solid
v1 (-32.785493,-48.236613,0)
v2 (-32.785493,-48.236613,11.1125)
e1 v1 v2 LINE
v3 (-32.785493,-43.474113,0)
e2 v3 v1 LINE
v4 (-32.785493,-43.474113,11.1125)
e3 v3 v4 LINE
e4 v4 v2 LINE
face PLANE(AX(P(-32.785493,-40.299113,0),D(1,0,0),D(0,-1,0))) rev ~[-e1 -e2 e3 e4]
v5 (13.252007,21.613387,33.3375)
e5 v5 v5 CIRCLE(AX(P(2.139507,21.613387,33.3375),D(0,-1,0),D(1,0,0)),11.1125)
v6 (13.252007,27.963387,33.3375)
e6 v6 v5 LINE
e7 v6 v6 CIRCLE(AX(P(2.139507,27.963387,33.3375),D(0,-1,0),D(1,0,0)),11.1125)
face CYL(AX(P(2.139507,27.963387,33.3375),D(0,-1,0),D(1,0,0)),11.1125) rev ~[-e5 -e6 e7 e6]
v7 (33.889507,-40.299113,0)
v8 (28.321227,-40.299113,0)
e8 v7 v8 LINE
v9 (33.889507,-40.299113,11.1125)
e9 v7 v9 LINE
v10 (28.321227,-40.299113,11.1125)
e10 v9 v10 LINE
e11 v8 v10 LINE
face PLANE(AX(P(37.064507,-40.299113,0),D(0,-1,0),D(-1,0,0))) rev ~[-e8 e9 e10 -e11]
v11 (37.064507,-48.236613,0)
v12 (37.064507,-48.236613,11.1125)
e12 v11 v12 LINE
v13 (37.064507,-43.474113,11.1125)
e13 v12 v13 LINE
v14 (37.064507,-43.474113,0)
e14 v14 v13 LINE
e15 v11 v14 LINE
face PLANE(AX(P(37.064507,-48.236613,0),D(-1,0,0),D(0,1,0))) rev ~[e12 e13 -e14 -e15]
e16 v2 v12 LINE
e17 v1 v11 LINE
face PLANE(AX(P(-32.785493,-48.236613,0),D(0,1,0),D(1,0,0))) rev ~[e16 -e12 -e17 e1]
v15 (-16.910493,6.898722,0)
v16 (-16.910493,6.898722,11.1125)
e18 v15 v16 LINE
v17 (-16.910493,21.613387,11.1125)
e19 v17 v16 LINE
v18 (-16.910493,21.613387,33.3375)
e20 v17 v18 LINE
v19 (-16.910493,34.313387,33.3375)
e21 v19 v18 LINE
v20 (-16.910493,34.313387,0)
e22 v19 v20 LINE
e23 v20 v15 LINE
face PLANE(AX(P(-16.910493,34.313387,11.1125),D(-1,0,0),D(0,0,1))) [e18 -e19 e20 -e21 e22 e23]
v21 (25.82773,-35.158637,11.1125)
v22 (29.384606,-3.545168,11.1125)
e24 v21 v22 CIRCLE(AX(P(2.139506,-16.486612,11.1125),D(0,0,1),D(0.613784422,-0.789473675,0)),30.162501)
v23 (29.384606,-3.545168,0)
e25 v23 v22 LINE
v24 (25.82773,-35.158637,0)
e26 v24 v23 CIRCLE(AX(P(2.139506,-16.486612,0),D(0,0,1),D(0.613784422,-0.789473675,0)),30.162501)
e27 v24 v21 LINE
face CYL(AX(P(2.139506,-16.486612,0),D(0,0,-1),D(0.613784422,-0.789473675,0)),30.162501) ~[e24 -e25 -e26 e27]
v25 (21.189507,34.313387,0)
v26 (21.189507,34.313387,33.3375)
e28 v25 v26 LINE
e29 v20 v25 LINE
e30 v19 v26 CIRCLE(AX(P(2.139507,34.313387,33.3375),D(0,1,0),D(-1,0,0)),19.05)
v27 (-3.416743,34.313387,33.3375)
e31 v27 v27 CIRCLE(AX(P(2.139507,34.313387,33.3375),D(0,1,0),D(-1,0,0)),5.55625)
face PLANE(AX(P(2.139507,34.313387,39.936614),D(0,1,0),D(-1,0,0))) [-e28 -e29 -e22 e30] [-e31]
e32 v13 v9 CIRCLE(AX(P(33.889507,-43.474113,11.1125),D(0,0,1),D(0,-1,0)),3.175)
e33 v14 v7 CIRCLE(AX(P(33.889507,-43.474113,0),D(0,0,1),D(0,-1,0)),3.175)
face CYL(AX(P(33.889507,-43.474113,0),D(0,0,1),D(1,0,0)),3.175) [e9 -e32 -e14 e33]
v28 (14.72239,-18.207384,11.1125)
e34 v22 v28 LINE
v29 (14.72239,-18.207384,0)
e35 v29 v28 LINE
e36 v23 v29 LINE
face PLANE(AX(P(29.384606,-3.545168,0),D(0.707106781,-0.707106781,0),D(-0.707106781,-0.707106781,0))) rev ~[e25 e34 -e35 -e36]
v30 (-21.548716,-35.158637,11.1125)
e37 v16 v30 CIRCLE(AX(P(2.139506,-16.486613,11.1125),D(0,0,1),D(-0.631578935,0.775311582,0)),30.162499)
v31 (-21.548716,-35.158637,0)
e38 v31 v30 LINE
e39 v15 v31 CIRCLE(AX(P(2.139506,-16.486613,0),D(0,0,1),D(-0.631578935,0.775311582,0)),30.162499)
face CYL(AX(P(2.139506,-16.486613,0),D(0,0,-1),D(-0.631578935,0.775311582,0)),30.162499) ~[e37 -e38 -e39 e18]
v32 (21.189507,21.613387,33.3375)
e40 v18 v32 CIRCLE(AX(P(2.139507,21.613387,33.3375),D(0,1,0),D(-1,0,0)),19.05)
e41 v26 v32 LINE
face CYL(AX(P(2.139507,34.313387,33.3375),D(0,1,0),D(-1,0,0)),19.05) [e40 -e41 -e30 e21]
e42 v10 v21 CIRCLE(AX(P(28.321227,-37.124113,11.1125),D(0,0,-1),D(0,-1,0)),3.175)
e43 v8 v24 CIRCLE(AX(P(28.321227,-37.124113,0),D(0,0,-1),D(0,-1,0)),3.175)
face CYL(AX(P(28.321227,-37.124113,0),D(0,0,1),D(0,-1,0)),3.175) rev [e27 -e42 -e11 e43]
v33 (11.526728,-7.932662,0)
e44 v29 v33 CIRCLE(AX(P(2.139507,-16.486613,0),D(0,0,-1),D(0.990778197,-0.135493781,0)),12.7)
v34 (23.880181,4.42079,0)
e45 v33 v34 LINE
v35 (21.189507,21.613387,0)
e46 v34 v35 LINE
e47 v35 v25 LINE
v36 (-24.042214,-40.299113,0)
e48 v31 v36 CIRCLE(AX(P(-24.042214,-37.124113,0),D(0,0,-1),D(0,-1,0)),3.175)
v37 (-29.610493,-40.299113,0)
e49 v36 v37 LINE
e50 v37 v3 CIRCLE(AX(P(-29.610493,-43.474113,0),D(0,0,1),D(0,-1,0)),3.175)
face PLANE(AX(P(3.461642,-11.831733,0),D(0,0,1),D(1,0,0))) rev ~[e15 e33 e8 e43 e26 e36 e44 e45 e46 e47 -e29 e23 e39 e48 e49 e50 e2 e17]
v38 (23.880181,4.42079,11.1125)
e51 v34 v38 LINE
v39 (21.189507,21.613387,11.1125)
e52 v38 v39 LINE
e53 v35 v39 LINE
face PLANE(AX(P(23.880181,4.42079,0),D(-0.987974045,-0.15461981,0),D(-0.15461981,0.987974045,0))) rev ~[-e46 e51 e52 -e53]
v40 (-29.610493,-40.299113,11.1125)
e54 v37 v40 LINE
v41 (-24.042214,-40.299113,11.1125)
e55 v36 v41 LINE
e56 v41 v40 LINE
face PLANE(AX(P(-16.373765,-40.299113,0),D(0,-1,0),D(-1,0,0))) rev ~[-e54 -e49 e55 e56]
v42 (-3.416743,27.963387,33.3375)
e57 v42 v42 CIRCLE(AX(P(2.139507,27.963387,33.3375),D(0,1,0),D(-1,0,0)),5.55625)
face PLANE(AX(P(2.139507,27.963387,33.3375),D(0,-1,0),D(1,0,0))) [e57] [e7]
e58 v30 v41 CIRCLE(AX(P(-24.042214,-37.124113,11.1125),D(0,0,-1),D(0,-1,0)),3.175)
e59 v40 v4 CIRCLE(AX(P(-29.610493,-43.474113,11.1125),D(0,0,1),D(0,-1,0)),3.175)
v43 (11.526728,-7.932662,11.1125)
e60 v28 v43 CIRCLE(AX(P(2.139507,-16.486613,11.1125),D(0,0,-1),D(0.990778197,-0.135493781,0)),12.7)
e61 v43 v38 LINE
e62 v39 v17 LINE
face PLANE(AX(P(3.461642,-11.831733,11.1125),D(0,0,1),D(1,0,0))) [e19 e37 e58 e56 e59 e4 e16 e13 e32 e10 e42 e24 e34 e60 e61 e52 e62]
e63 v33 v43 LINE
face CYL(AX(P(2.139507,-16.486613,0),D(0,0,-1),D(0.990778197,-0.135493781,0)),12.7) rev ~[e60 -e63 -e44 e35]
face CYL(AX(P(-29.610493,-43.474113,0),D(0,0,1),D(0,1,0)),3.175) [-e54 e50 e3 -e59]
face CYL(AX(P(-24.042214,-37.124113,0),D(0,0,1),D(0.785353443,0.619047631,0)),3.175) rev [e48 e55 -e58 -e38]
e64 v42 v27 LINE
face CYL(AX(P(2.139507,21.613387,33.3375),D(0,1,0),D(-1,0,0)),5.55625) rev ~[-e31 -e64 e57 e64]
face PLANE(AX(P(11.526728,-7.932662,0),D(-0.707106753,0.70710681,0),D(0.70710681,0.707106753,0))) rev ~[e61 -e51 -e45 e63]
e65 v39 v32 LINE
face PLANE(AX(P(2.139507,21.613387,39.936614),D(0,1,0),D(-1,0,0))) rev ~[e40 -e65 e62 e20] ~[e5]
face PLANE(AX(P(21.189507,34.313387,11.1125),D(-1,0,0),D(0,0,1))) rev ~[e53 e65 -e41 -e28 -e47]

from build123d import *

# Parameters (mm, degrees)
F0_W           = 38.1
F0_H           = 12.7
F1_DEPTH       = 11.1125
F2_W           = 38.1
F2_H           = 22.225
F3_DEPTH       = 12.7
F5_D           = 11.1125
F5_DEPTH       = 12.7
F5_CBORE_D     = 22.225
F5_CBORE_DEPTH = 6.35
F6_R           = 3.175


with BuildPart() as f1:
    # F0 (on Top) → F1 (new body)
    with BuildSketch(Plane.XY):
        with BuildLine():
            ThreePointArc((-16.910493, 6.898722), (-28.021043, -16.829595), (-16.373765, -40.299113))
            ThreePointArc((-16.373765, -40.299113), (2.139507, -46.649113), (20.652779, -40.299113))
            ThreePointArc((20.652779, -40.299113), (31.485209, -23.458425), (29.384606, -3.545168))
            Line((29.384606, -3.545168), (14.72239, -18.207384))
            ThreePointArc((14.72239, -18.207384), (-9.987481, -20.25837), (11.526728, -7.932662))
            Line((11.526728, -7.932662), (23.880181, 4.42079))
            Line((23.880181, 4.42079), (21.189507, 21.613387))
            Line((21.189507, 21.613387), (-16.910493, 21.613387))
            Line((-16.910493, 21.613387), (-16.910493, 6.898722))
        make_face()
        with Locations((2.139507, 27.963387)):
            Rectangle(F0_W, F0_H)
        with BuildLine():
            Line((-16.373765, -40.299113), (-32.785493, -40.299113))
            Line((-32.785493, -40.299113), (-32.785493, -48.236613))
            Line((-32.785493, -48.236613), (37.064507, -48.236613))
            Line((37.064507, -48.236613), (37.064507, -40.299113))
            Line((37.064507, -40.299113), (20.652779, -40.299113))
            ThreePointArc((20.652779, -40.299113), (2.139507, -46.649113), (-16.373765, -40.299113))
        make_face()
    extrude(amount=F1_DEPTH)

    # F2 (on face) → F3 (join)
    with BuildSketch(Plane(origin=(0, 34.313387, 0), x_dir=(-1, 0, 0), z_dir=(0, 1, 0))):
        with BuildLine():
            ThreePointArc((16.910493, 33.3375), (-2.139507, 52.3875), (-21.189507, 33.3375))
            Line((-21.189507, 33.3375), (16.910493, 33.3375))
        make_face()
        with Locations((-2.139507, 22.225)):
            Rectangle(F2_W, F2_H)
    extrude(amount=-F3_DEPTH)

    # F5
    with Locations(Plane.XZ.offset(-21.613387)):
        with Locations((2.139507, 33.3375)):
            CounterBoreHole(F5_D / 2, F5_CBORE_D / 2, F5_CBORE_DEPTH, depth=F5_DEPTH)

    # F6
    f6_edges = [f1.edges().sort_by_distance(p)[0] for p in [
        (37.064507, -40.299113, 5.55625),
        (20.652779, -40.299113, 5.55625),
        (-16.373765, -40.299113, 5.55625),
        (-32.785493, -40.299113, 5.55625),
    ]]
    fillet(f6_edges, radius=F6_R)


solid = f1.part
